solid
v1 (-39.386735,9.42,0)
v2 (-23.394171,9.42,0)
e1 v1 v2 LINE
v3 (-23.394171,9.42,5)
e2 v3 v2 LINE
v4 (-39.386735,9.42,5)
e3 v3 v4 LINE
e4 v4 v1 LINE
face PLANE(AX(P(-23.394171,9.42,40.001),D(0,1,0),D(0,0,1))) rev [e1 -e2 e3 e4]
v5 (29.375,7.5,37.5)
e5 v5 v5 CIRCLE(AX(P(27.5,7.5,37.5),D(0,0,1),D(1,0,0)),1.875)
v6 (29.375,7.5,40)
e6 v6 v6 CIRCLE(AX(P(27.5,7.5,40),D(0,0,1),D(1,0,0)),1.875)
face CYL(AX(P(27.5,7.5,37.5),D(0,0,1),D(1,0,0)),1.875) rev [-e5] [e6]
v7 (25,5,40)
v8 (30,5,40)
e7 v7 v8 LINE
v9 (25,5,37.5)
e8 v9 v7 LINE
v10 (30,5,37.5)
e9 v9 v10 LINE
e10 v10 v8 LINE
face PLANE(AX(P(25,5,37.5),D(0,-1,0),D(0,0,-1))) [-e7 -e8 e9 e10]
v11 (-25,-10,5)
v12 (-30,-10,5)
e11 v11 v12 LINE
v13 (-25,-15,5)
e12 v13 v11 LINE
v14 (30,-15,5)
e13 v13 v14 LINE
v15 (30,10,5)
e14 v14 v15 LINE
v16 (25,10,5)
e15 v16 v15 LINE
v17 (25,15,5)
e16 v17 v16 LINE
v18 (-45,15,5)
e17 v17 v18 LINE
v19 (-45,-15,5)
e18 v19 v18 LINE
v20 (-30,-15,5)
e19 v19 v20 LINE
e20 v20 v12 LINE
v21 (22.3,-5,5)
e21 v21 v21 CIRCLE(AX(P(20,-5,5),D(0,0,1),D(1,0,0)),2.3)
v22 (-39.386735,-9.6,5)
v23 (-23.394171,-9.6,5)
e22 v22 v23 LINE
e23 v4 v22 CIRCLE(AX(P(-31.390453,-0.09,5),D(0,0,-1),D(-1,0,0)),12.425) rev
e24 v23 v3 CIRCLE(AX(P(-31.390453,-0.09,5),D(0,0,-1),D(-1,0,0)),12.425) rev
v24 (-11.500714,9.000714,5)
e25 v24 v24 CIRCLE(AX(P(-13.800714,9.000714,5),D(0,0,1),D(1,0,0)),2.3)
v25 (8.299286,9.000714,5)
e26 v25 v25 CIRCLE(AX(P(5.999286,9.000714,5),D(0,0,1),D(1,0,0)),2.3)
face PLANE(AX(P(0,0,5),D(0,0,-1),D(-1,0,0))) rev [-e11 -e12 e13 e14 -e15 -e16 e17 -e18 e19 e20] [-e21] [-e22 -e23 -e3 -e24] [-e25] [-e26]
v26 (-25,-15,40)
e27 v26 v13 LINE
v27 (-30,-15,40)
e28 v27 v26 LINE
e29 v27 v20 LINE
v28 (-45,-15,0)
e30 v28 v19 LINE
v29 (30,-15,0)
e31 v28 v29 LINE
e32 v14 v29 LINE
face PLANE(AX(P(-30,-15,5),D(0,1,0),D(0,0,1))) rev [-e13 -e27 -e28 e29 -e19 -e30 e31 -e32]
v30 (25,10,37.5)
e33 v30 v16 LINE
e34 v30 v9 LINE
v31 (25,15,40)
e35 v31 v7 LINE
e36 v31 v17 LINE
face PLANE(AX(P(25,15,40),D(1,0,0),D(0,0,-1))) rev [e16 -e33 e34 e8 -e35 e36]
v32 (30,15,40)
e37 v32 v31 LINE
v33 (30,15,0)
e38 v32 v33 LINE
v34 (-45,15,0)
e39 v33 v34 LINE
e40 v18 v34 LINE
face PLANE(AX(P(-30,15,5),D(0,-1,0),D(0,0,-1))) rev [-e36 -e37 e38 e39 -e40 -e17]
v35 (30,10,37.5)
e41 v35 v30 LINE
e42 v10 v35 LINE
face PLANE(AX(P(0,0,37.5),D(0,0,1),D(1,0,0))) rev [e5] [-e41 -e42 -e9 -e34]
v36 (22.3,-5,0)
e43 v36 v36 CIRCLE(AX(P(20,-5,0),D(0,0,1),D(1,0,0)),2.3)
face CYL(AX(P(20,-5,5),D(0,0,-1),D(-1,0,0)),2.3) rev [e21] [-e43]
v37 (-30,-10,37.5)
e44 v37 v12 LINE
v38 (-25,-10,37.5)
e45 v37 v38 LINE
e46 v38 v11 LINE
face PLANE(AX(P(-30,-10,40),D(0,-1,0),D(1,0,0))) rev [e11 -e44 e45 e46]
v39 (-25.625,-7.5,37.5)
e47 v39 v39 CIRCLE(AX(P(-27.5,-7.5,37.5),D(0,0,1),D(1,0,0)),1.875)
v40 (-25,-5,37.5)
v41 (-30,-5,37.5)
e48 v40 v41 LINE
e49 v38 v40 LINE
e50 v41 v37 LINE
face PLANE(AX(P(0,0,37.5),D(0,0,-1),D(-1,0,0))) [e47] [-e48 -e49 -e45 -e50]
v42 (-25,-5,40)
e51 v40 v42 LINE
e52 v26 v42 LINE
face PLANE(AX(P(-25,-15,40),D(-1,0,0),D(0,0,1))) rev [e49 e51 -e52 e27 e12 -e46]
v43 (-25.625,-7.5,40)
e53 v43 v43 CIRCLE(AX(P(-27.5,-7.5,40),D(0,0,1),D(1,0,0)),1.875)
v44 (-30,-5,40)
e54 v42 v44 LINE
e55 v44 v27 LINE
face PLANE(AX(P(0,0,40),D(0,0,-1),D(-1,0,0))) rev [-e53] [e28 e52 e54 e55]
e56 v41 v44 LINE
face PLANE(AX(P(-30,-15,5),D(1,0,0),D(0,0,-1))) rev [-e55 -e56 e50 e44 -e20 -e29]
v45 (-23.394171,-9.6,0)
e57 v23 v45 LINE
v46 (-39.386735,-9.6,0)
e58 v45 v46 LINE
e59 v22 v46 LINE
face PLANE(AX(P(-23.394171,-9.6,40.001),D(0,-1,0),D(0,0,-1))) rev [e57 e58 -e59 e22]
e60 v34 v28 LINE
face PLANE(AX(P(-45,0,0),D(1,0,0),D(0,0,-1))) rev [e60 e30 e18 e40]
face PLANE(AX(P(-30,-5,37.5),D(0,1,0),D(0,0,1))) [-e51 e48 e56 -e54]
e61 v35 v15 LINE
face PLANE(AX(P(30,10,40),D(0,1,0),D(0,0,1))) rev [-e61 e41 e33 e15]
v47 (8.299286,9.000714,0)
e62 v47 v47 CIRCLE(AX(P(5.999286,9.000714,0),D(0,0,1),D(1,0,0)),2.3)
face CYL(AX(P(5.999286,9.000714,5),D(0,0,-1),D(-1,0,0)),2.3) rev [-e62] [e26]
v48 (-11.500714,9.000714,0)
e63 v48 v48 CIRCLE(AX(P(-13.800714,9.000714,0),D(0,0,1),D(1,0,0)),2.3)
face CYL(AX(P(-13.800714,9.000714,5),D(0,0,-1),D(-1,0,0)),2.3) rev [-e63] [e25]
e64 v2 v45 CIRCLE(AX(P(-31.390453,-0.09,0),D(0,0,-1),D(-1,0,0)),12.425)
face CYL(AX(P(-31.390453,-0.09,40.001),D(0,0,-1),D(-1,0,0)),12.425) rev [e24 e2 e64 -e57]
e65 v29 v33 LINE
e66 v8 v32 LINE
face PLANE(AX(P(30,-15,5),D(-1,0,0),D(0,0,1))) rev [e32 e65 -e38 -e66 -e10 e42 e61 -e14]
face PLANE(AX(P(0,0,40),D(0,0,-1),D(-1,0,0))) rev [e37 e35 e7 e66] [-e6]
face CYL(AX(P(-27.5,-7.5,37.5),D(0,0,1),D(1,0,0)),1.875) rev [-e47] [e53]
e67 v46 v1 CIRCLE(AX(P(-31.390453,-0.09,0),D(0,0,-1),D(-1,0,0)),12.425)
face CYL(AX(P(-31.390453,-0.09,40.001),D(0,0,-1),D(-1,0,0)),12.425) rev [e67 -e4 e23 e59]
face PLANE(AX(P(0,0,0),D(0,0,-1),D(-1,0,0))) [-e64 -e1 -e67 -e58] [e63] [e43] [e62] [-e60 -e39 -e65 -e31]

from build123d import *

# Parameters (mm, degrees)
SKETCH1_W           = 60
SKETCH1_H           = 30
SKETCH1_R           = 2.3
BOSS_EXTRUDE1_DEPTH = 5
SKETCH3_W           = 5
SKETCH3_H           = 5
BOSS_EXTRUDE2_DEPTH = 35
SKETCH5_W           = 5
SKETCH5_H           = 5
SKETCH5_R           = 1.875
BOSS_EXTRUDE3_DEPTH = 2.5
SKETCH6_W           = 5
SKETCH6_H           = 30
BOSS_EXTRUDE4_DEPTH = 15
CUT_EXTRUDE1_REACH  = 64.048


with BuildPart() as part:
    # Sketch1 → Boss-Extrude1 (new body)
    with BuildSketch(Plane.XY):
        Rectangle(SKETCH1_W, SKETCH1_H)
        with Locations((-13.800714267, 9.000714267)):
            Circle(SKETCH1_R, mode=Mode.SUBTRACT)
        with Locations((5.999285733, 9.000714267)):
            Circle(SKETCH1_R, mode=Mode.SUBTRACT)
        with Locations((20, -5)):
            Circle(SKETCH1_R, mode=Mode.SUBTRACT)
    extrude(amount=BOSS_EXTRUDE1_DEPTH)

    # Sketch3 → Boss-Extrude2 (add)
    with BuildSketch(Plane.XY.offset(5)):
        with Locations((27.5, 12.5)):
            Rectangle(SKETCH3_W, SKETCH3_H)
        with Locations((-27.5, -12.5)):
            Rectangle(SKETCH3_W, SKETCH3_H)
    extrude(amount=BOSS_EXTRUDE2_DEPTH)

    # Sketch5 → Boss-Extrude3 (add)
    # profile 1 of 2: a face of its own
    with BuildSketch(Plane.XY.offset(40)):
        with Locations((-27.5, -7.5)):
            Rectangle(SKETCH5_W, SKETCH5_H)
        with Locations((-27.5, -7.5)):
            Circle(SKETCH5_R, mode=Mode.SUBTRACT)
    # profile 2 of 2: a face of its own
    with BuildSketch(Plane.XY.offset(40)):
        with Locations((27.5, 7.5)):
            Rectangle(SKETCH5_W, SKETCH5_H)
        with Locations((27.5, 7.5)):
            Circle(SKETCH5_R, mode=Mode.SUBTRACT)
    extrude(amount=-BOSS_EXTRUDE3_DEPTH)

    # Sketch6 → Boss-Extrude4 (add)
    with BuildSketch(Plane.ZY.offset(30)):
        with Locations((2.5, 0)):
            Rectangle(SKETCH6_W, SKETCH6_H)
    extrude(amount=BOSS_EXTRUDE4_DEPTH)

    # Sketch7 → Cut-Extrude1 (cut, up to next)
    with BuildSketch(Plane(origin=(0, 0, 0), x_dir=(-1, 0, 0), z_dir=(0, 0, -1)), mode=Mode.PRIVATE) as cut_extrude1_sk1:
        with BuildLine():
            Line((23.394171206, 9.42), (39.386735103, 9.42))
            ThreePointArc((39.386735103, 9.42), (43.815453154, -0.09), (39.386735103, -9.6))
            Line((39.386735103, -9.6), (23.394171206, -9.6))
            ThreePointArc((23.394171206, -9.6), (18.965453154, -0.09), (23.394171206, 9.42))
        make_face()
    cut_extrude1_tool1 = extrude(cut_extrude1_sk1.sketch, amount=-CUT_EXTRUDE1_REACH, mode=Mode.PRIVATE) & part.part
    add(cut_extrude1_tool1.solids().sort_by_distance((-31.390453, -0.09, 0))[0], mode=Mode.SUBTRACT)


solid = part.part
